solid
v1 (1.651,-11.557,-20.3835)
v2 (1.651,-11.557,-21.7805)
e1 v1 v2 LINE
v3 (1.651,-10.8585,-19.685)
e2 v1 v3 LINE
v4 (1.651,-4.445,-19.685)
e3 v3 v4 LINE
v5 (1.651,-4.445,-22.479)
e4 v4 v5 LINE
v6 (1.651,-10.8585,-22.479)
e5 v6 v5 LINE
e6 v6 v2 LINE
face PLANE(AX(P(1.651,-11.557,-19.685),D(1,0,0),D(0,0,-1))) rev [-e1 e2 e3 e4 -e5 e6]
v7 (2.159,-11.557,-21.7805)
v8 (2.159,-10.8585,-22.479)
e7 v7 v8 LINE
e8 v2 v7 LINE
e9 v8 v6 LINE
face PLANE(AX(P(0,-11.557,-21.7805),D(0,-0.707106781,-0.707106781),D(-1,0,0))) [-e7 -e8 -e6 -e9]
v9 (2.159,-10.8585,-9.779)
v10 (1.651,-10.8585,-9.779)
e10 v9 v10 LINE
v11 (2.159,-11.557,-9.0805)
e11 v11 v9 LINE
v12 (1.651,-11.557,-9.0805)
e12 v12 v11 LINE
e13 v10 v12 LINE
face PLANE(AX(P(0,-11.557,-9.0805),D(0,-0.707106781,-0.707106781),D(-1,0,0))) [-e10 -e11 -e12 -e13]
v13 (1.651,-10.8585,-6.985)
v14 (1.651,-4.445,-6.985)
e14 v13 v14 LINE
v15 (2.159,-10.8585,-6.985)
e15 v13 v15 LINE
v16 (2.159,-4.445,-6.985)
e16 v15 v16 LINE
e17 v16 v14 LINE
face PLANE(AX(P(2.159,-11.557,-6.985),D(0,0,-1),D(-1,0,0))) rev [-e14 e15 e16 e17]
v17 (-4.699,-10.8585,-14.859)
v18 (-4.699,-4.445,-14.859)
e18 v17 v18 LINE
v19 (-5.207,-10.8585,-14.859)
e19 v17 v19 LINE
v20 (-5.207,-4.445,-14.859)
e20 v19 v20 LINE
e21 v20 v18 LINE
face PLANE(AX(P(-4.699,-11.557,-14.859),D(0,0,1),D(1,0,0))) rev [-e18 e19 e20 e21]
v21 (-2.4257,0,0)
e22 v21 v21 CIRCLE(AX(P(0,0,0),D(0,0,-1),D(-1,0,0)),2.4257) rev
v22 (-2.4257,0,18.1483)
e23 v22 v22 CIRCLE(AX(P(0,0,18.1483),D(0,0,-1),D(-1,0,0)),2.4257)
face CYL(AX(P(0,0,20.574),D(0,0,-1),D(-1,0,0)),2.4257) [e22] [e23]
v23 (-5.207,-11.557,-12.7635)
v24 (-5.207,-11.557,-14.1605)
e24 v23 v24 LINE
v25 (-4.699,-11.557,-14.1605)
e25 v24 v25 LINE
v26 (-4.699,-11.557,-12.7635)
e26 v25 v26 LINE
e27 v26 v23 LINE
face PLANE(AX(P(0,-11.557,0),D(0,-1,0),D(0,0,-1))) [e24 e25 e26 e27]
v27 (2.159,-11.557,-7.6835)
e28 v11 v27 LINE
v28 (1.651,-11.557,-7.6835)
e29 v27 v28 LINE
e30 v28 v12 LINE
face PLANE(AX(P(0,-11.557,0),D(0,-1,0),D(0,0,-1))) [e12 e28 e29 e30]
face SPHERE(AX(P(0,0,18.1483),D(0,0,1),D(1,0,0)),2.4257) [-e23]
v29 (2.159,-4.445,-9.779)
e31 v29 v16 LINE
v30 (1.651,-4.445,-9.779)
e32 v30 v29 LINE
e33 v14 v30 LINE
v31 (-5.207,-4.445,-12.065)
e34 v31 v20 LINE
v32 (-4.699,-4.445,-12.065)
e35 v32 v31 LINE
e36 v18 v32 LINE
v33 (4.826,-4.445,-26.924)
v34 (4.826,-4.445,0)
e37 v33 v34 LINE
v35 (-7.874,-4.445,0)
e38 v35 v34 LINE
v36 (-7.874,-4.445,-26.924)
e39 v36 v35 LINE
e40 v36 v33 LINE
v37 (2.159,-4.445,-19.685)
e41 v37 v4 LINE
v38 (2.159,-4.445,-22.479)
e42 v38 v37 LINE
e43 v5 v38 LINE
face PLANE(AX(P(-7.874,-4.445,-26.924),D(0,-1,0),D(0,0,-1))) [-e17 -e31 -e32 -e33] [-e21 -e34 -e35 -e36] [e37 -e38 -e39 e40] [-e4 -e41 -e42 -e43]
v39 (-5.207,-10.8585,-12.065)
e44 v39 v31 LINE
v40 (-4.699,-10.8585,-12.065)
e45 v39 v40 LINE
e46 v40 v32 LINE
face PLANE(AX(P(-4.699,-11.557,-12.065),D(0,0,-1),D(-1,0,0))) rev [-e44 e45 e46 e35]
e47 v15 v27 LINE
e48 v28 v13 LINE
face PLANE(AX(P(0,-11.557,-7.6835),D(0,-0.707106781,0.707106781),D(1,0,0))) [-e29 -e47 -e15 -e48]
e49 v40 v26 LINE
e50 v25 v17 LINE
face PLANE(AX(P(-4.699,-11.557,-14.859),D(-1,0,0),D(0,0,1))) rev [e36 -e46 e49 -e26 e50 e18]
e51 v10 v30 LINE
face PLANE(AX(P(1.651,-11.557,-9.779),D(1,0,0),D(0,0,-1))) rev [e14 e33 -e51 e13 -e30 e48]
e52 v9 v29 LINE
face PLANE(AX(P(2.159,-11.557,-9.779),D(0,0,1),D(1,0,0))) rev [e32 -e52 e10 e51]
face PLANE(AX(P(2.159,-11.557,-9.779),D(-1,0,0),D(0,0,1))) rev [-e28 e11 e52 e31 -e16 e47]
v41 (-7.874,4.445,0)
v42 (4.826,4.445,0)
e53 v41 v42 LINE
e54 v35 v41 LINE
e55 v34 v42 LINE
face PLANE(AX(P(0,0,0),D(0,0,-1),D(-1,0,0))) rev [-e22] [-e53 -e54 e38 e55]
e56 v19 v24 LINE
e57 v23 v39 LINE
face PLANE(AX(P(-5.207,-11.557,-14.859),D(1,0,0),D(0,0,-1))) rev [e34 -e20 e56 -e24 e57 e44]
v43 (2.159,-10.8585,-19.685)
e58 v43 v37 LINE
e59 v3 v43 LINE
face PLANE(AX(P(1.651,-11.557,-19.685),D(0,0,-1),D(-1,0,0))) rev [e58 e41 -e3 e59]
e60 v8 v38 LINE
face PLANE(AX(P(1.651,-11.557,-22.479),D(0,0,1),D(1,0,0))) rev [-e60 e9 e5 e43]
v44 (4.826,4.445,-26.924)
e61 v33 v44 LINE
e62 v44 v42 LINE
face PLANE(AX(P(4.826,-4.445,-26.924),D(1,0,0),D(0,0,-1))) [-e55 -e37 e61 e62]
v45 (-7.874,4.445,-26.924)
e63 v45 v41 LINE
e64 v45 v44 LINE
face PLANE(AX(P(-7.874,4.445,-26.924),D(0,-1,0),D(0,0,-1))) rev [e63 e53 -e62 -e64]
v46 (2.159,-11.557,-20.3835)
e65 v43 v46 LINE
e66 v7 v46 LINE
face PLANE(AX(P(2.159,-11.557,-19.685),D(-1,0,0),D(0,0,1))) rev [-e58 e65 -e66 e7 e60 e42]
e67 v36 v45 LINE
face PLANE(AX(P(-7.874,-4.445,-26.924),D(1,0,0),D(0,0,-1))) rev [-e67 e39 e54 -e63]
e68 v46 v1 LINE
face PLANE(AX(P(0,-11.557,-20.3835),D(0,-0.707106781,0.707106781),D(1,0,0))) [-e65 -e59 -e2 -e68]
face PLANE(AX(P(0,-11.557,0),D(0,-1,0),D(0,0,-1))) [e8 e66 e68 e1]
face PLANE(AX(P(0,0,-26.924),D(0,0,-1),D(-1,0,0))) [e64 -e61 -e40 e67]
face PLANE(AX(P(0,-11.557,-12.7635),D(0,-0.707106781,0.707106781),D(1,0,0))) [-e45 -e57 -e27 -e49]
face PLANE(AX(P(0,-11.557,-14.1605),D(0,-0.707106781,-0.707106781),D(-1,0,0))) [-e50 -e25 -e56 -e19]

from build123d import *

# Parameters (mm, degrees)
SKETCH1_W           = 12.7
SKETCH1_H           = 8.89
BOSS_EXTRUDE1_DEPTH = 26.924
SKETCH2_R           = 2.4257
BOSS_EXTRUDE2_DEPTH = 20.574
FILLET1_R           = 2.4257
SKETCH3_W           = 0.508
SKETCH3_H           = 2.794
BOSS_EXTRUDE3_DEPTH = 7.112
CHAMFER1_SIZE       = 0.6985


with BuildPart() as part:
    # Sketch1 → Boss-Extrude1 (new body)
    with BuildSketch(Plane.XY):
        with Locations((-1.524, 0)):
            Rectangle(SKETCH1_W, SKETCH1_H)
    extrude(amount=-BOSS_EXTRUDE1_DEPTH)

    # Sketch2 → Boss-Extrude2 (add)
    with BuildSketch(Plane.XY):
        Circle(SKETCH2_R)
    extrude(amount=BOSS_EXTRUDE2_DEPTH)

    # Fillet1
    fillet1_edges = [part.edges().sort_by_distance(p)[0] for p in [
        (-2.4257, 0, 20.574),
    ]]
    fillet(fillet1_edges, radius=FILLET1_R)

    # Sketch3 → Boss-Extrude3 (add)
    with BuildSketch(Plane.XZ.offset(4.445)):
        with Locations((-4.953, -13.462)):
            Rectangle(SKETCH3_W, SKETCH3_H)
        with Locations((1.905, -21.082)):
            Rectangle(SKETCH3_W, SKETCH3_H)
        with Locations((1.905, -8.382)):
            Rectangle(SKETCH3_W, SKETCH3_H)
    extrude(amount=BOSS_EXTRUDE3_DEPTH)

    # Chamfer1
    chamfer1_edges = [part.edges().sort_by_distance(p)[0] for p in [
        (-4.953, -11.557, -14.859),
        (-4.953, -11.557, -12.065),
        (1.905, -11.557, -19.685),
        (1.905, -11.557, -22.479),
        (1.905, -11.557, -9.779),
        (1.905, -11.557, -6.985),
    ]]
    chamfer(chamfer1_edges, length=CHAMFER1_SIZE)


solid = part.part
